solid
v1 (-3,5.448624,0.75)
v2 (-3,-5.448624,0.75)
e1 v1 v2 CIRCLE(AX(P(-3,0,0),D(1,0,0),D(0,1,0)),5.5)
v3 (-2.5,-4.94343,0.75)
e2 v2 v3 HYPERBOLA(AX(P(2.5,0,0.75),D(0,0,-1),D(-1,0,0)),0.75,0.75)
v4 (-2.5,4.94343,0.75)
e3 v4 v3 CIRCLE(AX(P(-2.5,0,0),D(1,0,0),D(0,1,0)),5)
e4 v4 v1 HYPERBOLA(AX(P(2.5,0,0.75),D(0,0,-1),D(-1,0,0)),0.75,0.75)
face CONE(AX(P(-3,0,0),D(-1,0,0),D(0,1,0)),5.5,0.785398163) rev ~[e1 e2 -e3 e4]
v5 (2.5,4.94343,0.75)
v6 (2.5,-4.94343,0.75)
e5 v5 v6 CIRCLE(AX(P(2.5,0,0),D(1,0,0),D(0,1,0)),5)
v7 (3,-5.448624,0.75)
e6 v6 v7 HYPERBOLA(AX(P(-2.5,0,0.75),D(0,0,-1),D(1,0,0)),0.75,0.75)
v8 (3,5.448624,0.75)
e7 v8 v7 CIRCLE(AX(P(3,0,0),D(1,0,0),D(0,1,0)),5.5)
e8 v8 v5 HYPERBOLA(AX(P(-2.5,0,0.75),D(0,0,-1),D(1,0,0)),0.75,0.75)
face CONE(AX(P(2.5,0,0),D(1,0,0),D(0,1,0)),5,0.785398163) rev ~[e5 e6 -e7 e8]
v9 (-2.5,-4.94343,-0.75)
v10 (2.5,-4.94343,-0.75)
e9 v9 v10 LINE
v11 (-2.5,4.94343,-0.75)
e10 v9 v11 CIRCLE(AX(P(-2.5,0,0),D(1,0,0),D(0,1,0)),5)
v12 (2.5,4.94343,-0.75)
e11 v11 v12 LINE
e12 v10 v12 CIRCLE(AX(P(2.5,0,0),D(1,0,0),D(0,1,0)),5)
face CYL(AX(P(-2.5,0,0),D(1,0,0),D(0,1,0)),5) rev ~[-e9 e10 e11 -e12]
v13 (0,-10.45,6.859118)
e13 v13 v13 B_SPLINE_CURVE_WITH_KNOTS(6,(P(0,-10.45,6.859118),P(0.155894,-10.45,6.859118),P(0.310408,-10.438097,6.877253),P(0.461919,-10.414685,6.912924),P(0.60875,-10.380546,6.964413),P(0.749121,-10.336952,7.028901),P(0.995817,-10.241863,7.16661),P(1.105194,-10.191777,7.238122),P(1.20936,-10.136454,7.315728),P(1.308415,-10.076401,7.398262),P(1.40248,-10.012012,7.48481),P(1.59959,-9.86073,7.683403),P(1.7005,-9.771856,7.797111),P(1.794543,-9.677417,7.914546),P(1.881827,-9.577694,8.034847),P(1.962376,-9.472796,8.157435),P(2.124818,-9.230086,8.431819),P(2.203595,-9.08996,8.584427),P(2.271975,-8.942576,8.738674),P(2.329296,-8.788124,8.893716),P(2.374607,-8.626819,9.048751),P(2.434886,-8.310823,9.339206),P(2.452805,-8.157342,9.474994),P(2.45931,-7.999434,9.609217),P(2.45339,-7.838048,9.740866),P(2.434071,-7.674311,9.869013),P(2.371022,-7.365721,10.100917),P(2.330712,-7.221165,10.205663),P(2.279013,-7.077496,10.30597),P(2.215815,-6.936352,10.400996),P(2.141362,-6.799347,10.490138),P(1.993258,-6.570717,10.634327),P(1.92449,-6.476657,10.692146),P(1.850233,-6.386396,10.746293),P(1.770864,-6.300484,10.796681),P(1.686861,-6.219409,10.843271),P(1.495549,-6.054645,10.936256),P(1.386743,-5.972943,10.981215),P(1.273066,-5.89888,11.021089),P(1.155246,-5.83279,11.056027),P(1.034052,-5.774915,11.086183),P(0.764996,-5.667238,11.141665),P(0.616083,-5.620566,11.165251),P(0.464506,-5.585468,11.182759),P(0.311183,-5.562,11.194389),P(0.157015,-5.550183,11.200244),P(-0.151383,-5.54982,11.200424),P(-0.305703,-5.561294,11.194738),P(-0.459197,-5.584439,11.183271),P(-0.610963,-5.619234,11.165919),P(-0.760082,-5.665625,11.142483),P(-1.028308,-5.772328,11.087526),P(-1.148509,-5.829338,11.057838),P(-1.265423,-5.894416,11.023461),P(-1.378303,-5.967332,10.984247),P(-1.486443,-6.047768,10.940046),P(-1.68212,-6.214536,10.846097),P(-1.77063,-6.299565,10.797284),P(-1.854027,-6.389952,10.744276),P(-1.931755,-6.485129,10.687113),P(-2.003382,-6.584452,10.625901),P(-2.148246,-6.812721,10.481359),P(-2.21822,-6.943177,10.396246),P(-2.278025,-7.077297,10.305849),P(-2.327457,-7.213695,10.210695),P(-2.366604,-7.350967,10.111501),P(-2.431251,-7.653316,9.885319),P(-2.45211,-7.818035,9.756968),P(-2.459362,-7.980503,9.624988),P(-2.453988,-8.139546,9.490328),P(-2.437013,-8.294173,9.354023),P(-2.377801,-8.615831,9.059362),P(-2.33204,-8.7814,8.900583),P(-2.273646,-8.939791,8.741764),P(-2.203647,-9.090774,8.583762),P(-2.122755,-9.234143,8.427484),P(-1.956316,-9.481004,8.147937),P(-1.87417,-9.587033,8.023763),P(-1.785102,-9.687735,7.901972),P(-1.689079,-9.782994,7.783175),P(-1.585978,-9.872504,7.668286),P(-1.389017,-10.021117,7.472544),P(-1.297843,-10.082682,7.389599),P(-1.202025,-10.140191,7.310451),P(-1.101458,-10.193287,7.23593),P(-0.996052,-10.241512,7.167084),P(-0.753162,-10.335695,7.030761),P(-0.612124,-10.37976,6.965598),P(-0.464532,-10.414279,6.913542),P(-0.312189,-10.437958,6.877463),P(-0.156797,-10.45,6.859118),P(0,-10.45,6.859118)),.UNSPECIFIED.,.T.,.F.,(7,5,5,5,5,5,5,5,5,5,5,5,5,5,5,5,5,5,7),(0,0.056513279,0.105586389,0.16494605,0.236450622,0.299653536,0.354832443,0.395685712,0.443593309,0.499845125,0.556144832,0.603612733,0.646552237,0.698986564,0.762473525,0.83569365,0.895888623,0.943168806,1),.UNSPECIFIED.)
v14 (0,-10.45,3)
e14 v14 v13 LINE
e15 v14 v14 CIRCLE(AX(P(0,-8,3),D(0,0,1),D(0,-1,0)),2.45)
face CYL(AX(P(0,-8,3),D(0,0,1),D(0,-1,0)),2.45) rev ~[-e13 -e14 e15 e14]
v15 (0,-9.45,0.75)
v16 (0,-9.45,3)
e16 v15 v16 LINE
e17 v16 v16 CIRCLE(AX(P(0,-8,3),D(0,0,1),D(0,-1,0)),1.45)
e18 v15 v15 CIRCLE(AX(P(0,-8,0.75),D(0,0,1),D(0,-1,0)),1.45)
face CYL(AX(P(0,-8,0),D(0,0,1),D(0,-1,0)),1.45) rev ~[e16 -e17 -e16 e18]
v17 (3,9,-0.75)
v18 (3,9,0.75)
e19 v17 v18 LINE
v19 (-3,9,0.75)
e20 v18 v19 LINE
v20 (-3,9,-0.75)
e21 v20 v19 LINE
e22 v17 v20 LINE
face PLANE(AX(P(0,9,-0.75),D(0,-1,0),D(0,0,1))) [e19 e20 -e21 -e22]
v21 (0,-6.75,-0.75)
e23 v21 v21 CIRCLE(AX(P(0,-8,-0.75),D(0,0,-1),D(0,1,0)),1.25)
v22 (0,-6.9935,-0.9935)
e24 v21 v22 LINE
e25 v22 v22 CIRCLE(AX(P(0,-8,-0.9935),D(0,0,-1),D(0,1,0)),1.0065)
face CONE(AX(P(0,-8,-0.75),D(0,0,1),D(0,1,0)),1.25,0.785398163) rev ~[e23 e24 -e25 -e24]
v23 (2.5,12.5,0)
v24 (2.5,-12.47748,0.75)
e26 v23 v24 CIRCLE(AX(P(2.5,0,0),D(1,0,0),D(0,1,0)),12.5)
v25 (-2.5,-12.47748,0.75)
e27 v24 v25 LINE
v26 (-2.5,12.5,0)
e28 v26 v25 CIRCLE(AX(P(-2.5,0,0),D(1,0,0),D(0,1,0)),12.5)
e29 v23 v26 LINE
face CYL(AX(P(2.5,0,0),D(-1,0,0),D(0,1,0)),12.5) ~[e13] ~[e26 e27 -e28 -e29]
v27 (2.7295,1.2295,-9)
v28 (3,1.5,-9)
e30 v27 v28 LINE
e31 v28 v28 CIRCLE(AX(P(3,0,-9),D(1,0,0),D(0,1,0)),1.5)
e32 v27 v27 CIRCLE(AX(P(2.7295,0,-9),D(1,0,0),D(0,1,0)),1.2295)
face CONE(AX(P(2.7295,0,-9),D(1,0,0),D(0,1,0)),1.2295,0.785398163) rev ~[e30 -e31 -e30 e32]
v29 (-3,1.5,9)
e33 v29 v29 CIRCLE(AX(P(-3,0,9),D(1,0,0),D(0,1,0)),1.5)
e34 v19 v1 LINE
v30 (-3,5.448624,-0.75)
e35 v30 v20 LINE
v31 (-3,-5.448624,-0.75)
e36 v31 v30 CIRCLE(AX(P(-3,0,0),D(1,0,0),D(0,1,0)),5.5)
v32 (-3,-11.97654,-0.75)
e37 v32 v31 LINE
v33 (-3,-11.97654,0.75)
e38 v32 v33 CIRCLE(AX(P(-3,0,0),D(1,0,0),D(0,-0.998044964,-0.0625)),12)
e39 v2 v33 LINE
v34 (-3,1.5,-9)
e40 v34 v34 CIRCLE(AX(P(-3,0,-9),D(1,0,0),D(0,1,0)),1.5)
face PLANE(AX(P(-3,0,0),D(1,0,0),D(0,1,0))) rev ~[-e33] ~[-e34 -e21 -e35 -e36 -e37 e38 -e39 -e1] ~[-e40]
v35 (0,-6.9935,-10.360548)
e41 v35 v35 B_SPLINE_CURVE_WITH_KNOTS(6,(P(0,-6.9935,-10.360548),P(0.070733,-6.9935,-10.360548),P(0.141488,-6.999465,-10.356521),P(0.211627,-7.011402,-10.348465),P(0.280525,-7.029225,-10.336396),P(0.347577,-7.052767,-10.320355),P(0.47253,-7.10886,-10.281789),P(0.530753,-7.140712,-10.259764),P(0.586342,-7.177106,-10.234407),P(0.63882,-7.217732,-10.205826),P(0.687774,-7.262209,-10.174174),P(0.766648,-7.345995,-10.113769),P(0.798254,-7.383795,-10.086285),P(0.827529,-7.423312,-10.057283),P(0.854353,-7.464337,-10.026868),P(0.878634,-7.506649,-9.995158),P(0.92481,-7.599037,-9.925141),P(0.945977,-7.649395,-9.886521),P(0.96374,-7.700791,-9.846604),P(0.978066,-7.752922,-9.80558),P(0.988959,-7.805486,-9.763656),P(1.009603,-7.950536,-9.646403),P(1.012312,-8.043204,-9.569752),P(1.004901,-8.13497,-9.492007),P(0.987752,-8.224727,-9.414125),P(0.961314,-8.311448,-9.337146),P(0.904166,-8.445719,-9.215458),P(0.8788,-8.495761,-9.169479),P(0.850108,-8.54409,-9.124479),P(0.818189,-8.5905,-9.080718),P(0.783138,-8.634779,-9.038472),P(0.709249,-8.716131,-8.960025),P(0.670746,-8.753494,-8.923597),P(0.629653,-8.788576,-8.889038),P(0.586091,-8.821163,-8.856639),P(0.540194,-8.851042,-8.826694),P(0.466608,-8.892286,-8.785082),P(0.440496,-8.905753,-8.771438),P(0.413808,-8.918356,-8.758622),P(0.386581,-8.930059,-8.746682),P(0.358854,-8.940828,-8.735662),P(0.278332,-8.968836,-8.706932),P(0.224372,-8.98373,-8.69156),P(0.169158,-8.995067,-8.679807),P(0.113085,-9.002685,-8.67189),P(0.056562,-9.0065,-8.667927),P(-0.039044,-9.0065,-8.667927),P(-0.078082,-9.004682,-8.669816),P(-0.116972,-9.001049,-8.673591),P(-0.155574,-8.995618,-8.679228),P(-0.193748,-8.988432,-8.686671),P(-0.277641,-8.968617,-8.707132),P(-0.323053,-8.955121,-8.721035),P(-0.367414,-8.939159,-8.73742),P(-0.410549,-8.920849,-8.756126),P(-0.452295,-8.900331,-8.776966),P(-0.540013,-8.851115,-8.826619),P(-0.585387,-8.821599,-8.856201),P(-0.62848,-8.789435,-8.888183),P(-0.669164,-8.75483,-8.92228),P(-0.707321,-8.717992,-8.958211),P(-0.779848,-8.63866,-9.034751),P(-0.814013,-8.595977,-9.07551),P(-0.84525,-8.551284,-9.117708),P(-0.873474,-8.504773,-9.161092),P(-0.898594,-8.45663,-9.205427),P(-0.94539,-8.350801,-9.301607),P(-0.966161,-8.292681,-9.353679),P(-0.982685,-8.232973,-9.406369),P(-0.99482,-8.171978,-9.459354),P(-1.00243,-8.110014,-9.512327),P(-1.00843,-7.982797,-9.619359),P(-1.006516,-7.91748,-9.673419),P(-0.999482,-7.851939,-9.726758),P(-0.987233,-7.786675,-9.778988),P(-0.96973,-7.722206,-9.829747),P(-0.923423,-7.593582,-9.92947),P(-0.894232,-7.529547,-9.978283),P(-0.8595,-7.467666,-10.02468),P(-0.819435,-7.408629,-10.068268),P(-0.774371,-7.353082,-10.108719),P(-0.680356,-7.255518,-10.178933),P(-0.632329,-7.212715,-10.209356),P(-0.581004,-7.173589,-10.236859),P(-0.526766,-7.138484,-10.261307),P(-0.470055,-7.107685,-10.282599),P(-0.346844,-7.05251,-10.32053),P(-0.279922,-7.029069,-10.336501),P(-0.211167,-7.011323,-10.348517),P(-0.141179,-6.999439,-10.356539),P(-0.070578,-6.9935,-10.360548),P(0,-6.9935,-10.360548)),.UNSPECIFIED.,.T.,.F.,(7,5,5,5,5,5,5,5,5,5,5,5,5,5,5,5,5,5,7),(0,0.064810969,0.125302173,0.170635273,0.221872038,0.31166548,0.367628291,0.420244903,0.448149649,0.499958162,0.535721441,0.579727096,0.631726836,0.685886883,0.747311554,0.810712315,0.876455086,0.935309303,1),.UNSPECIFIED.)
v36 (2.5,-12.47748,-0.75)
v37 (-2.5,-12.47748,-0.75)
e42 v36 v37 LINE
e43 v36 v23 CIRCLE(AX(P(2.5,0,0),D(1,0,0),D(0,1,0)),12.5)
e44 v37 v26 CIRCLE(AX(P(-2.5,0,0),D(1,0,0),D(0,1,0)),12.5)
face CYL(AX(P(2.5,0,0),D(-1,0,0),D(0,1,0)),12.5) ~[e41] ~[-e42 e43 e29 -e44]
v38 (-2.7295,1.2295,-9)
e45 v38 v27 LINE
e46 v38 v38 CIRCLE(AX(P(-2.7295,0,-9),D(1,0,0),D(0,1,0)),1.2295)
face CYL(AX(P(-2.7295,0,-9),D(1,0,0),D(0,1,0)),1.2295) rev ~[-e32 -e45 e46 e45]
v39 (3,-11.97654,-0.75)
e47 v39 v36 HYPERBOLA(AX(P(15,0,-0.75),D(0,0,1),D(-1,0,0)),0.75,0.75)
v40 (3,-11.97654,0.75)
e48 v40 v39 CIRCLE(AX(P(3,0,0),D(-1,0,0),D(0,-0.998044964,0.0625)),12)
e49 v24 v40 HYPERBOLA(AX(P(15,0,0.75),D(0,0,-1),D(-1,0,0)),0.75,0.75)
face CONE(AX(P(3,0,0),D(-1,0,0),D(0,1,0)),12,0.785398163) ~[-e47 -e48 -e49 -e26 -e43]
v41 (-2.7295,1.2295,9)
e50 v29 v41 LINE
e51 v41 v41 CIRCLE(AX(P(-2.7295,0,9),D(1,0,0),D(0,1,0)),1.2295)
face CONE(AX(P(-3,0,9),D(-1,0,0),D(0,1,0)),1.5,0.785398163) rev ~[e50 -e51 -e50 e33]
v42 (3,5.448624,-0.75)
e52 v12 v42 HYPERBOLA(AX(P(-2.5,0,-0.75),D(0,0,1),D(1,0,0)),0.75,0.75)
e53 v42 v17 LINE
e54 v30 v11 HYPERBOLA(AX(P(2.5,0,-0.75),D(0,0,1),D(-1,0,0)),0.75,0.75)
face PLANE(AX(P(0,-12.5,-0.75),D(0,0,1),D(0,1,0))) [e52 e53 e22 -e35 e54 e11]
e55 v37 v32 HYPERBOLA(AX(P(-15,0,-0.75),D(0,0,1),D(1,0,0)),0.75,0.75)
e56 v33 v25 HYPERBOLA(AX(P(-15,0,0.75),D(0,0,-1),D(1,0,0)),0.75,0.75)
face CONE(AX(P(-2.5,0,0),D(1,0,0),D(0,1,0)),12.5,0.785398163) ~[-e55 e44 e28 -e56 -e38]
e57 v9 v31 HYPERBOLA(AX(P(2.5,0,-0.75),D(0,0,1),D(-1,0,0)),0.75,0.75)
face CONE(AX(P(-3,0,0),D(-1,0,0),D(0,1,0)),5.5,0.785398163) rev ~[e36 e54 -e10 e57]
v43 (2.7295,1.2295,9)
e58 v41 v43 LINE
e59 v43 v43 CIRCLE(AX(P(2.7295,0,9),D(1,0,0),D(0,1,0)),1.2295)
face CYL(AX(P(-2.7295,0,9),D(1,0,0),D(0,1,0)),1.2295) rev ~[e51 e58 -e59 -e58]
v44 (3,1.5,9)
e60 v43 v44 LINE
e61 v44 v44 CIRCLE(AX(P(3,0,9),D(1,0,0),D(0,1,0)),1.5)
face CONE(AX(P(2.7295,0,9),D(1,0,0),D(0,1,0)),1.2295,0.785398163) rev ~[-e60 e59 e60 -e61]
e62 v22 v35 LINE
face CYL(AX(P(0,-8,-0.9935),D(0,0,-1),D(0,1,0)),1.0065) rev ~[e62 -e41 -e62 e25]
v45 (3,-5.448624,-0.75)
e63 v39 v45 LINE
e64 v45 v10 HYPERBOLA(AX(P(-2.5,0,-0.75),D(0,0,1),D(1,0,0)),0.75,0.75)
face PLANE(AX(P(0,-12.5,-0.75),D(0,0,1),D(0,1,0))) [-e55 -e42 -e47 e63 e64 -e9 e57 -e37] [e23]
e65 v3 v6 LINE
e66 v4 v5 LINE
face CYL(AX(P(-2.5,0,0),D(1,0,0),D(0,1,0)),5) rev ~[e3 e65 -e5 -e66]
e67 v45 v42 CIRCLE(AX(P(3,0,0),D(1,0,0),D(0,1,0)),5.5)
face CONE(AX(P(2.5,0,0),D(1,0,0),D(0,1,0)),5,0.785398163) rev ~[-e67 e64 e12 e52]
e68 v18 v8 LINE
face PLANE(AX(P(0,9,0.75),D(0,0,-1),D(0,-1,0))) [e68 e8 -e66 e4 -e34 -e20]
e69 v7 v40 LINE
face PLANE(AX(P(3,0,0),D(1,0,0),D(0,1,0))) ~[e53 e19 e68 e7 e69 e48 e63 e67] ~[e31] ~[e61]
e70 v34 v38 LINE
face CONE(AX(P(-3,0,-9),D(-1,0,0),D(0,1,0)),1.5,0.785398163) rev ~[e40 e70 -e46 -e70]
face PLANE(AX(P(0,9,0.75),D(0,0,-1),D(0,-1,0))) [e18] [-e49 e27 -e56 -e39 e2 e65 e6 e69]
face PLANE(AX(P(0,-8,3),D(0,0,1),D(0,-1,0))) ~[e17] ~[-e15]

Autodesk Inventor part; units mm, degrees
sketch "Sketch_1" plane through (0, 0, 0) normal (0, 0, 1) x (1, 0, 0)
  line L0 (3, 0) -> (-3, 0)
  line L1 (-3, 12) -> (-3, 5.5)
  line L2 (-3, 5.5) -> (-2.5, 5)
  line L3 (-2.5, 5) -> (2.5, 5)
  line L4 (2.5, 5) -> (3, 5.5)
  line L5 (3, 5.5) -> (3, 12)
  line L6 (3, 12) -> (2.5, 12.5)
  line L7 (2.5, 12.5) -> (-2.5, 12.5)
  line L8 (-2.5, 12.5) -> (-3, 12)
revolve "Revolution1" add sketch "Sketch_1" angle 360 about axis through (3, 0, 0) along (1, 0, 0)
sketch "Sketch_2" plane through (0, 0, 0) normal (1, 0, 0) x (0, 1, 0)
  line L0 (-12.5, 0.75) -> (-12.5, -0.75)
  line L1 (-12.5, -0.75) -> (9, -0.75)
  line L2 (9, -0.75) -> (9, 0.75)
  line L3 (9, 0.75) -> (-12.5, 0.75)
extrude "Extrusion1" cut sketch "Sketch_2" along normal mid plane 6
sketch "Sketch_3" plane through (0, 0, 0) normal (1, 0, 0) x (0, 1, 0)
  line L0 (-8, 12.5) -> (-8, 0)
  line L1 (-8, 0) -> (-9.45, 0)
  line L2 (-9.45, 0) -> (-9.45, 3)
  line L3 (-9.45, 3) -> (-10.45, 3)
  line L4 (-10.45, 3) -> (-10.45, 12.5)
  line L5 (-10.45, 12.5) -> (-8, 12.5)
  line L6 (-8, 12.5) -> (-8, 0)
revolve "Revolution2" cut sketch "Sketch_3" angle 360 about axis through (0, -8, 12.5) along (0, 0, 1)
sketch "Sketch_4" plane through (0, 0, 0) normal (1, 0, 0) x (0, 1, 0)
  line L0 (-8, -12.75) -> (-8, -0.75)
  line L1 (-8, -0.75) -> (-6.75, -0.75)
  line L2 (-6.75, -0.75) -> (-6.9935, -0.9935)
  line L3 (-6.9935, -0.9935) -> (-6.9935, -12.75)
  line L4 (-6.9935, -12.75) -> (-8, -12.75)
  line L5 (-8, -12.75) -> (-8, -0.75)
revolve "Revolution3" cut sketch "Sketch_4" angle 360 about axis through (0, -8, -12.75) along (0, 0, -1)
thread "Thread1" size "M2.5x0.45" class "6H" standard "ISO Metric profile" length 9.5273
sketch "Sketch_7" plane through (0, 0, -9) normal (0, 0, 1) x (1, 0, 0)
  line L0 (3, 0) -> (-3, 0)
  line L1 (-3, 0) -> (-3, 1.5)
  line L2 (-3, 1.5) -> (-2.7295, 1.2295)
  line L3 (-2.7295, 1.2295) -> (2.7295, 1.2295)
  line L4 (2.7295, 1.2295) -> (3, 1.5)
  line L5 (3, 1.5) -> (3, 0)
  line L6 (3, 0) -> (-3, 0)
revolve "Revolution4" cut sketch "Sketch_7" angle 360 about axis through (3, 0, -9) along (1, 0, 0)
thread "Thread2" size "M3x0.5" class "6H" standard "ISO Metric profile" full length
sketch "Sketch_8" plane through (0, 0, 9) normal (0, 0, 1) x (1, 0, 0)
  line L0 (3, 0) -> (-3, 0)
  line L1 (-3, 0) -> (-3, 1.5)
  line L2 (-3, 1.5) -> (-2.7295, 1.2295)
  line L3 (-2.7295, 1.2295) -> (2.7295, 1.2295)
  line L4 (2.7295, 1.2295) -> (3, 1.5)
  line L5 (3, 1.5) -> (3, 0)
  line L6 (3, 0) -> (-3, 0)
revolve "Revolution5" cut sketch "Sketch_8" angle 360 about axis through (3, 0, 9) along (1, 0, 0)
thread "Thread3" size "M3x0.5" class "6H" standard "ISO Metric profile" full length
ref_plane "body_screw_XY" through (0, -8, 3) normal (0, 0, 1) x (1, 0, 0)
ref_plane "body_screw_YZ" through (0, -8, 3) normal (1, 0, 0) x (0, 1, 0)
ref_plane "body_screw_ZX" through (0, -8, 3) normal (0, 1, 0) x (0, 0, 1)
properties part number "SCSWJ10-6_b"
